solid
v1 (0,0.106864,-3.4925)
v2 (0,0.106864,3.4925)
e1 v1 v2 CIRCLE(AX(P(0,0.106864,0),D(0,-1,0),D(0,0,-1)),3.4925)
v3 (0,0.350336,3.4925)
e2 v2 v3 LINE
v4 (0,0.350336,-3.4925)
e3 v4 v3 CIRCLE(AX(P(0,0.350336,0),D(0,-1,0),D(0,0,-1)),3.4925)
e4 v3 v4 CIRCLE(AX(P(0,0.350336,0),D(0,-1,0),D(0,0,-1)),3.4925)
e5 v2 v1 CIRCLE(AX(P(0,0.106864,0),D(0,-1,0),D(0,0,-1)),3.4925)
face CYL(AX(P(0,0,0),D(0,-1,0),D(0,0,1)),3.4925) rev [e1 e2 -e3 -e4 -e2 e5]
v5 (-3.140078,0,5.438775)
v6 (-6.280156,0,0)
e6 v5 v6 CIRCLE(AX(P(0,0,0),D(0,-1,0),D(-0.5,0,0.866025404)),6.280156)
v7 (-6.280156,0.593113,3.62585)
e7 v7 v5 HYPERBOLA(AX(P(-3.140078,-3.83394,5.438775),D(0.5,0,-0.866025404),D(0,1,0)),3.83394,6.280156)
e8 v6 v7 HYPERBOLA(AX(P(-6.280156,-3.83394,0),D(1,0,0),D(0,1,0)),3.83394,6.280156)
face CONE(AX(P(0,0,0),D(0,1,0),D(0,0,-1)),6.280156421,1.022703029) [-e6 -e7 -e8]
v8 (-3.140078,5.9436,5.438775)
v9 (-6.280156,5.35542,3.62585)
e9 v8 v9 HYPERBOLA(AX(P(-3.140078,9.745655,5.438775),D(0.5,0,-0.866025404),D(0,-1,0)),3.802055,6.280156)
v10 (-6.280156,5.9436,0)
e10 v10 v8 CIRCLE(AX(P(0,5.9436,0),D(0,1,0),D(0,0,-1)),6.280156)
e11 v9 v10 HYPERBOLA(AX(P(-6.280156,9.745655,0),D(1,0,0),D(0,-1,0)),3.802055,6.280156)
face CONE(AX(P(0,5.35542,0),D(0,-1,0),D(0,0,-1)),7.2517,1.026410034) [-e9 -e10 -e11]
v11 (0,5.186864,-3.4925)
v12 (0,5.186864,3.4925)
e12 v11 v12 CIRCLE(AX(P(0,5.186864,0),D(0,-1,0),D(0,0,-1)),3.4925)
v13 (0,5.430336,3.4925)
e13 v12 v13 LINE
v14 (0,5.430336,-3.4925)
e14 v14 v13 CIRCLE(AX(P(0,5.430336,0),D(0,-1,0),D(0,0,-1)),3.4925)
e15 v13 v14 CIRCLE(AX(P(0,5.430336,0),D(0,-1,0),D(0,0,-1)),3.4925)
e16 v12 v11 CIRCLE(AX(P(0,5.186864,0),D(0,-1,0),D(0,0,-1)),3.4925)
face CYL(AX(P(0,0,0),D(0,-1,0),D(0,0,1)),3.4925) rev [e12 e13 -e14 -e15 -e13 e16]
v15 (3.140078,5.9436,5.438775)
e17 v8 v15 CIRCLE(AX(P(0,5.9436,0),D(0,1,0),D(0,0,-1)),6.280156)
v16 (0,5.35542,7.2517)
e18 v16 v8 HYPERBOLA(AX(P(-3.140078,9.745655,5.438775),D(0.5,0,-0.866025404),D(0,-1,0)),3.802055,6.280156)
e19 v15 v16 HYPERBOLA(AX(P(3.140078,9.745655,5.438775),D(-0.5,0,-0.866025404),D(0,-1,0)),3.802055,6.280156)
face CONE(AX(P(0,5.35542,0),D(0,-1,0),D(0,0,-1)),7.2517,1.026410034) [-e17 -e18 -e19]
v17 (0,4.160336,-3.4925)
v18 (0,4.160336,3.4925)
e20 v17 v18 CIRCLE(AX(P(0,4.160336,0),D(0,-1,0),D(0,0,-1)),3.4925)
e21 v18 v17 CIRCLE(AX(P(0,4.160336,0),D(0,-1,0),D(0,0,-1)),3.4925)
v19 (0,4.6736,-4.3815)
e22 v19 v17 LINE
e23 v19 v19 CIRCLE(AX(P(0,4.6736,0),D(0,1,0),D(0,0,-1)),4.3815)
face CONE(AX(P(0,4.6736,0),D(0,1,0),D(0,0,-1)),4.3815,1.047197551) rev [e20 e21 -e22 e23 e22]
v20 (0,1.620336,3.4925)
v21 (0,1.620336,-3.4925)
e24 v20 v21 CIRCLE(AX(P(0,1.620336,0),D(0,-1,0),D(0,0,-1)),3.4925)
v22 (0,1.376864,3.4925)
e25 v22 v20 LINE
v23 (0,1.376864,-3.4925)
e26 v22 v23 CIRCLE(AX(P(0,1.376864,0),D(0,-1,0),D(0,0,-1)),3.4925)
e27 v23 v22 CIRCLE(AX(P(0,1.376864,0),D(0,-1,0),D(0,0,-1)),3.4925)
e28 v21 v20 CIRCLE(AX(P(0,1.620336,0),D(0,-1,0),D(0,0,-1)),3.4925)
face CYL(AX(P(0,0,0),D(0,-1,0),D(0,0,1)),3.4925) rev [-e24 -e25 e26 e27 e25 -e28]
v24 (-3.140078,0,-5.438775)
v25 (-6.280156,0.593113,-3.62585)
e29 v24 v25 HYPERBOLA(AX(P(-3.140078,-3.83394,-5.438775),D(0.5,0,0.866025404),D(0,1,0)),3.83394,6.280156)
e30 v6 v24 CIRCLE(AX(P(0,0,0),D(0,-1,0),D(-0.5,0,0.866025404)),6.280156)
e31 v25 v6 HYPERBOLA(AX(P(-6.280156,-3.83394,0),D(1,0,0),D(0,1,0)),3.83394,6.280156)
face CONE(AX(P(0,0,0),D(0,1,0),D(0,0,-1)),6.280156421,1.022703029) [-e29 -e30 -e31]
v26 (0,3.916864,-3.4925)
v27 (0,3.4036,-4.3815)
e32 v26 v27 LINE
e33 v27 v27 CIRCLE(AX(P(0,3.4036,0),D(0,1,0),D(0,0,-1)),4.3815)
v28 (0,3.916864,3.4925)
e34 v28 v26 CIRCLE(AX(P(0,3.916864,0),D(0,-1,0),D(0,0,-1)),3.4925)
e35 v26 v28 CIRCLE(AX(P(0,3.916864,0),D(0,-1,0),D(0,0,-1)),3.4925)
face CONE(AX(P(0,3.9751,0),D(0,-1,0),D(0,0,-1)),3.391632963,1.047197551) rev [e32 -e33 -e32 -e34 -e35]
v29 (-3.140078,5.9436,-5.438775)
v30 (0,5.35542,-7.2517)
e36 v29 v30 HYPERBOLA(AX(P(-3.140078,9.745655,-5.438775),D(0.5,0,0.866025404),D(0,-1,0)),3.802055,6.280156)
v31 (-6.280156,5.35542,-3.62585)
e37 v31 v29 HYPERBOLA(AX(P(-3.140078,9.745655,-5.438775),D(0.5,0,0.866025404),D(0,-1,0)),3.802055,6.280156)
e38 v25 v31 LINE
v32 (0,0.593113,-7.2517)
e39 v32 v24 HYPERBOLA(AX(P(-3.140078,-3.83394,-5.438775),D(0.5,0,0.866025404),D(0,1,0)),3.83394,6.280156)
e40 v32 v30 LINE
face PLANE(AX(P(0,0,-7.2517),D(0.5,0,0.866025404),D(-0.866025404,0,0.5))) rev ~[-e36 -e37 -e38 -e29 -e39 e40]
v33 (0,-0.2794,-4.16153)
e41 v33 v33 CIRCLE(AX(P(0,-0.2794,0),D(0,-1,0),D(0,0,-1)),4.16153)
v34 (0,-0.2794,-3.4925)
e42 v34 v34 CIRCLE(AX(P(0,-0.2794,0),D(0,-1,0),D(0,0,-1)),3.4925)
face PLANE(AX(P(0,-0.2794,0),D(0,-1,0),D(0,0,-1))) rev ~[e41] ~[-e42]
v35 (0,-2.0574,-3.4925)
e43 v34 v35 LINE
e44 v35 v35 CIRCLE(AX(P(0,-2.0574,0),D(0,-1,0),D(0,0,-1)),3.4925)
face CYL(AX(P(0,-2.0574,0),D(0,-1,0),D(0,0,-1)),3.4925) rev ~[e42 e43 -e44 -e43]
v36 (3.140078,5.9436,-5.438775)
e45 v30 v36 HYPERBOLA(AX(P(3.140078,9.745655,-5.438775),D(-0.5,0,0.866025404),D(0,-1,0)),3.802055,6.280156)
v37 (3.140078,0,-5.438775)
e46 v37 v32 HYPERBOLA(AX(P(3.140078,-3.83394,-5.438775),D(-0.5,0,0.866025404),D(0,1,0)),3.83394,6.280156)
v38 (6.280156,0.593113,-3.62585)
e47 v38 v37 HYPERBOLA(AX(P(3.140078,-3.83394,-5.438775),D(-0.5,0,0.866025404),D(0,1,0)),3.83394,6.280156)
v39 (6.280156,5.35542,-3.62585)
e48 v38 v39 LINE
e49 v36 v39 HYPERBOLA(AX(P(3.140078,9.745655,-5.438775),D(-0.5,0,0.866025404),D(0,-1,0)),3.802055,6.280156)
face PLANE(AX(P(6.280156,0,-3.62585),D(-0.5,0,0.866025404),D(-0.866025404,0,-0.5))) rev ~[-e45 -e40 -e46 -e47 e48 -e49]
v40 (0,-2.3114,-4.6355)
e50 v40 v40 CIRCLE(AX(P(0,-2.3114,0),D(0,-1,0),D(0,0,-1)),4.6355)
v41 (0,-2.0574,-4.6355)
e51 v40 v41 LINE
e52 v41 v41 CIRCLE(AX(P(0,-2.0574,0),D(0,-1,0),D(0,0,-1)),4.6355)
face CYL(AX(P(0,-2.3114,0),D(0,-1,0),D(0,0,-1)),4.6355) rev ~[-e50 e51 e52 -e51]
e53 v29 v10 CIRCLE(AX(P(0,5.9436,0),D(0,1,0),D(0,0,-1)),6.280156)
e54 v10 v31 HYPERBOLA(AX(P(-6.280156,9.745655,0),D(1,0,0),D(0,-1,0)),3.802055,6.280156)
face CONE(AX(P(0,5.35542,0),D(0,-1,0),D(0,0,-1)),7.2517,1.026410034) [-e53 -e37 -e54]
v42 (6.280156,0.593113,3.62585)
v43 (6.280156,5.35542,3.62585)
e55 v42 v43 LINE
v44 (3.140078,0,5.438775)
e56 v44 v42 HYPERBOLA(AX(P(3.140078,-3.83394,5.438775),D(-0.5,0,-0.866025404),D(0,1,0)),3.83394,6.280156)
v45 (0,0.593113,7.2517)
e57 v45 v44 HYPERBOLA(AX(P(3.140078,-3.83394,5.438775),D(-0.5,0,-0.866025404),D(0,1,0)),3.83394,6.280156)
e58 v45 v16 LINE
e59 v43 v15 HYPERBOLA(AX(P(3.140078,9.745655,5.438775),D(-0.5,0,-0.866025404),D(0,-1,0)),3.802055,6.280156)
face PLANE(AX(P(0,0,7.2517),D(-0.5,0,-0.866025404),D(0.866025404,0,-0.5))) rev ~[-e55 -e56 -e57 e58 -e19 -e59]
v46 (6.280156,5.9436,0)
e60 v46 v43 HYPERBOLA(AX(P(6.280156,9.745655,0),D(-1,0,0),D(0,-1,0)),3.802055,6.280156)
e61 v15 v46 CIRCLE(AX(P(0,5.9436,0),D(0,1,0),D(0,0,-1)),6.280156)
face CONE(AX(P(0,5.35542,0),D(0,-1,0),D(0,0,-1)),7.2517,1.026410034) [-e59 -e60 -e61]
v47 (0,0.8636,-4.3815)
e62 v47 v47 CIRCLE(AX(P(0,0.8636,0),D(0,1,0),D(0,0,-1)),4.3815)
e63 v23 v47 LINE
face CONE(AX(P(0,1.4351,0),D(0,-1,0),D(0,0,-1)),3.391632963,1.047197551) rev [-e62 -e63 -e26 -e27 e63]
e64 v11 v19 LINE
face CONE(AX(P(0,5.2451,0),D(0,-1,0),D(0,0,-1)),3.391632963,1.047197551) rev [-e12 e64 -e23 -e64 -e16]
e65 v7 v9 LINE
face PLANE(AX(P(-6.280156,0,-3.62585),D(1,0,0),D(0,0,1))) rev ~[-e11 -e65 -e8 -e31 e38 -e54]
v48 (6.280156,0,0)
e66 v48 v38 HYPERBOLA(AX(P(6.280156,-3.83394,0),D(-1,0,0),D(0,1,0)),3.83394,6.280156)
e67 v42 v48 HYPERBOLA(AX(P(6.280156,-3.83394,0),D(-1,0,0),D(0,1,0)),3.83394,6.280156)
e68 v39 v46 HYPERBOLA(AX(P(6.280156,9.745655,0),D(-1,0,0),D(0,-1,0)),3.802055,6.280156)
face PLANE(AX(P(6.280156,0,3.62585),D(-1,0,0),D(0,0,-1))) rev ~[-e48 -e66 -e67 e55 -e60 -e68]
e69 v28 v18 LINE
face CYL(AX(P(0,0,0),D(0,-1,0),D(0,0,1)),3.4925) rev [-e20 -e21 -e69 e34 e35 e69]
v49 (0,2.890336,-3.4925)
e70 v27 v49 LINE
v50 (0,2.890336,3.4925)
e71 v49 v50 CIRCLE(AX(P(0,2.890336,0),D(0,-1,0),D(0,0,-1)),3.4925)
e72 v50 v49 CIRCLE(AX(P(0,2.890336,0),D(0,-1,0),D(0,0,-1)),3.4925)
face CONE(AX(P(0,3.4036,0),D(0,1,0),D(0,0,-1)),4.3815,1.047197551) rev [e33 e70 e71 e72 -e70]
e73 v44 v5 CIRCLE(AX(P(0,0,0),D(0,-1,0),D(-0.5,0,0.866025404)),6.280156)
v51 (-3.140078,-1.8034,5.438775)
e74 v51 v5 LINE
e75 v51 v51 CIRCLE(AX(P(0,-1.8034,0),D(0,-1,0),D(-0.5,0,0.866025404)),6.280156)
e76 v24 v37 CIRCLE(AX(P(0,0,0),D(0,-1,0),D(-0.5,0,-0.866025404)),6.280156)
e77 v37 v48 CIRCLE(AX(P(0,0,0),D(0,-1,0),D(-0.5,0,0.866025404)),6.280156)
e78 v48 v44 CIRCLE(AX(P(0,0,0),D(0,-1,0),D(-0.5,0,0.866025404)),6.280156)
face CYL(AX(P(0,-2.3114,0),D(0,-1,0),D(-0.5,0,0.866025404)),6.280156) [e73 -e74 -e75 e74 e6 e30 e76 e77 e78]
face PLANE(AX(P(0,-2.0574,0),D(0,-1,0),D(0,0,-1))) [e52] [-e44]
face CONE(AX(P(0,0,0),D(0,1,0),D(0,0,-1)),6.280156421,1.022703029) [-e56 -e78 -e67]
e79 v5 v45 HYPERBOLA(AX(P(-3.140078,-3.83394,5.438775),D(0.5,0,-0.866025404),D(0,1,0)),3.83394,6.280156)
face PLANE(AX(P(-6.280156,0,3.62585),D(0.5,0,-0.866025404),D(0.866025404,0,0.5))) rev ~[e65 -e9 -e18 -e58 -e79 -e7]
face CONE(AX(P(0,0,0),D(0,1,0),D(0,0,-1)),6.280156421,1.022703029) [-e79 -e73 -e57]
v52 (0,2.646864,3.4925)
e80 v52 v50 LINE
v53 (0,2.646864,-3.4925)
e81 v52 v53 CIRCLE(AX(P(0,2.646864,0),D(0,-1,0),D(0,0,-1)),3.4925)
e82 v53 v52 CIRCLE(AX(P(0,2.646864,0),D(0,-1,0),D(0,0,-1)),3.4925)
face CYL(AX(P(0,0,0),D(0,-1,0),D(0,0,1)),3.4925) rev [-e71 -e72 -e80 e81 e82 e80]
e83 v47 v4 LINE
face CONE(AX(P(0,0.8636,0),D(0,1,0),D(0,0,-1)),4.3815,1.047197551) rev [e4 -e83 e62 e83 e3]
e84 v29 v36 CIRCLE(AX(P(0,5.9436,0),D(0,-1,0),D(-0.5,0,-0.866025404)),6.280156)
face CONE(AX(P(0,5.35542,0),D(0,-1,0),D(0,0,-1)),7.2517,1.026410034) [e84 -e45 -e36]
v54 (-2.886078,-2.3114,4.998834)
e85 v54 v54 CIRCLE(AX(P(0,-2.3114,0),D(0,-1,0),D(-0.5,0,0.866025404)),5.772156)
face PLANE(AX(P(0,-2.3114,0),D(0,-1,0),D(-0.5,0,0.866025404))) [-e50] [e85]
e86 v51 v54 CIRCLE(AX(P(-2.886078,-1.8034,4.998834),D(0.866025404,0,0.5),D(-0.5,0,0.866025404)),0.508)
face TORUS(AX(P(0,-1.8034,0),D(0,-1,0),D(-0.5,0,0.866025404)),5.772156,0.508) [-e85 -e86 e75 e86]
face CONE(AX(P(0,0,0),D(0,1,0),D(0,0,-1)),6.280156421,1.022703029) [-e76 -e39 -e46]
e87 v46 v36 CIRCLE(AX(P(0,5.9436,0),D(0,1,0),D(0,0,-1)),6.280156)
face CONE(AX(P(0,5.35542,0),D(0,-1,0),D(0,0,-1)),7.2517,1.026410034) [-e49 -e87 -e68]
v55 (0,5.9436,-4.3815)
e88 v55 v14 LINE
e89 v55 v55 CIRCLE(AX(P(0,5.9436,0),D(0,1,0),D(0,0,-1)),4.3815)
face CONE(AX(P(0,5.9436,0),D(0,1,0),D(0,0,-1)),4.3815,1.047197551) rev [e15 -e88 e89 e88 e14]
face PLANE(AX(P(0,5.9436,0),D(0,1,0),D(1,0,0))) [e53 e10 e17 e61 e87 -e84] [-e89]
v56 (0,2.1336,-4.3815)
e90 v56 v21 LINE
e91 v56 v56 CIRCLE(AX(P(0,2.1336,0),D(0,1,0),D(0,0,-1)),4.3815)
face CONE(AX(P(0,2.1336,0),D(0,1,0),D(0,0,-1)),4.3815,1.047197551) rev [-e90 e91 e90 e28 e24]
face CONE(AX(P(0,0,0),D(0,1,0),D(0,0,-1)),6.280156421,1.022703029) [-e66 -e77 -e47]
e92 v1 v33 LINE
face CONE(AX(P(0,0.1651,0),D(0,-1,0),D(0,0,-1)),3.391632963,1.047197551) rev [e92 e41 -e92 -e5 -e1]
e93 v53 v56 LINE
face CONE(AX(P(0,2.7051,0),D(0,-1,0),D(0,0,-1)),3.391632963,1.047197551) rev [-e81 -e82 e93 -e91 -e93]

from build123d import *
from build123d.topology import SkipClean

# Parameters (mm, degrees)
SKETCH1_R           = 3.4925
BOSS_EXTRUDE1_DEPTH = 5.9436
BOSS_EXTRUDE2_START = 2.3114
SKETCH2_R           = 6.280156421
SKETCH2_R_2         = 3.4925
BOSS_EXTRUDE2_DEPTH = 2.3114
FILLET2_R           = 0.508
SKETCH4_R           = 4.6355
SKETCH4_R_2         = 3.4925
CUT_EXTRUDE1_DEPTH  = 0.254
SKETCH6_R           = 4.6355
SKETCH6_R_2         = 3.4925
BOSS_EXTRUDE3_DEPTH = 1.778


with BuildPart() as part:
    # Sketch1 → Boss-Extrude1 (new body)
    with BuildSketch(Plane(origin=(0, 0, 0), x_dir=(1, 0, 0), z_dir=(0, 1, 0))):
        Polygon((0, -7.2517), (6.280156421, -3.62585), (6.280156421, 3.62585), (0, 7.2517), (-6.280156421, 3.62585), (-6.280156421, -3.62585), align=None)
        with Locations(Location((0, 0, 0), (0, 0, 270))):
            Circle(SKETCH1_R, mode=Mode.SUBTRACT)
    extrude(amount=BOSS_EXTRUDE1_DEPTH)

    # Sketch2 → Boss-Extrude2 (add)
    with SkipClean():  # the faces are left unmerged after this step: merging them gives an invalid solid
        with BuildSketch(Plane.XZ.offset(BOSS_EXTRUDE2_START)):
            with Locations(Location((0, 0, 0), (0, 0, 120))):
                Circle(SKETCH2_R)
            with Locations(Location((0, 0, 0), (0, 0, 270))):
                Circle(SKETCH2_R_2, mode=Mode.SUBTRACT)
        extrude(amount=-BOSS_EXTRUDE2_DEPTH)

    # Fillet2
    fillet2_edges = [part.edges().sort_by_distance(p)[0] for p in [
        (3.14007821, -2.3114, -5.438775),
    ]]
    fillet(fillet2_edges, radius=FILLET2_R)

    # Sketch3 → Cut-Revolve1 (revolve, cut)
    with BuildSketch(Plane(origin=(0, 0, 0), x_dir=(0, 0, -1), z_dir=(1, 0, 0)), mode=Mode.PRIVATE) as cut_revolve1_sk:
        Polygon((-7.2517, 0.593112632), (-7.2517, 0), (-6.280156421, 0), align=None)
        Polygon((-6.280156421, 5.9436), (-7.2517, 5.9436), (-7.2517, 5.355420001), align=None)
        Polygon((-3.391632963, 6.5151), (-4.3815, 5.9436), (-3.294472118, 5.31600416), align=None)
        Polygon((-3.391632963, 5.2451), (-4.3815, 4.6736), (-3.294472118, 4.04600416), align=None)
        Polygon((-3.391632963, 3.9751), (-4.3815, 3.4036), (-3.294472118, 2.77600416), align=None)
        Polygon((-3.391632963, 2.7051), (-4.3815, 2.1336), (-3.294472118, 1.50600416), align=None)
        Polygon((-3.391632963, 1.4351), (-4.3815, 0.8636), (-3.294472118, 0.23600416), align=None)
        Polygon((-3.391632963, 0.1651), (-4.3815, -0.4064), (-3.294472118, -1.03399584), align=None)
        Polygon((-3.391632963, -1.1049), (-4.3815, -1.6764), (-3.294472118, -2.30399584), align=None)
    revolve(cut_revolve1_sk.sketch.rotate(Axis((0, 0, 0), (0, 1, 0)), 180), axis=Axis((0, 0, 0), (0, 1, 0)), mode=Mode.SUBTRACT)

    # Sketch4 → Cut-Extrude1 (cut)
    with BuildSketch(Plane.XZ.offset(2.3114)):
        with Locations(Location((0, 0, 0), (0, 0, 270))):
            Circle(SKETCH4_R)
        with Locations(Location((0, 0, 0), (0, 0, 270))):
            Circle(SKETCH4_R_2, mode=Mode.SUBTRACT)
    extrude(amount=-CUT_EXTRUDE1_DEPTH, mode=Mode.SUBTRACT)

    # Sketch6 → Boss-Extrude3 (add)
    with BuildSketch(Plane.XZ.offset(2.0574)):
        with Locations(Location((0, 0, 0), (0, 0, 270))):
            Circle(SKETCH6_R)
        with Locations(Location((0, 0, 0), (0, 0, 270))):
            Circle(SKETCH6_R_2, mode=Mode.SUBTRACT)
    extrude(amount=-BOSS_EXTRUDE3_DEPTH)


solid = part.part
